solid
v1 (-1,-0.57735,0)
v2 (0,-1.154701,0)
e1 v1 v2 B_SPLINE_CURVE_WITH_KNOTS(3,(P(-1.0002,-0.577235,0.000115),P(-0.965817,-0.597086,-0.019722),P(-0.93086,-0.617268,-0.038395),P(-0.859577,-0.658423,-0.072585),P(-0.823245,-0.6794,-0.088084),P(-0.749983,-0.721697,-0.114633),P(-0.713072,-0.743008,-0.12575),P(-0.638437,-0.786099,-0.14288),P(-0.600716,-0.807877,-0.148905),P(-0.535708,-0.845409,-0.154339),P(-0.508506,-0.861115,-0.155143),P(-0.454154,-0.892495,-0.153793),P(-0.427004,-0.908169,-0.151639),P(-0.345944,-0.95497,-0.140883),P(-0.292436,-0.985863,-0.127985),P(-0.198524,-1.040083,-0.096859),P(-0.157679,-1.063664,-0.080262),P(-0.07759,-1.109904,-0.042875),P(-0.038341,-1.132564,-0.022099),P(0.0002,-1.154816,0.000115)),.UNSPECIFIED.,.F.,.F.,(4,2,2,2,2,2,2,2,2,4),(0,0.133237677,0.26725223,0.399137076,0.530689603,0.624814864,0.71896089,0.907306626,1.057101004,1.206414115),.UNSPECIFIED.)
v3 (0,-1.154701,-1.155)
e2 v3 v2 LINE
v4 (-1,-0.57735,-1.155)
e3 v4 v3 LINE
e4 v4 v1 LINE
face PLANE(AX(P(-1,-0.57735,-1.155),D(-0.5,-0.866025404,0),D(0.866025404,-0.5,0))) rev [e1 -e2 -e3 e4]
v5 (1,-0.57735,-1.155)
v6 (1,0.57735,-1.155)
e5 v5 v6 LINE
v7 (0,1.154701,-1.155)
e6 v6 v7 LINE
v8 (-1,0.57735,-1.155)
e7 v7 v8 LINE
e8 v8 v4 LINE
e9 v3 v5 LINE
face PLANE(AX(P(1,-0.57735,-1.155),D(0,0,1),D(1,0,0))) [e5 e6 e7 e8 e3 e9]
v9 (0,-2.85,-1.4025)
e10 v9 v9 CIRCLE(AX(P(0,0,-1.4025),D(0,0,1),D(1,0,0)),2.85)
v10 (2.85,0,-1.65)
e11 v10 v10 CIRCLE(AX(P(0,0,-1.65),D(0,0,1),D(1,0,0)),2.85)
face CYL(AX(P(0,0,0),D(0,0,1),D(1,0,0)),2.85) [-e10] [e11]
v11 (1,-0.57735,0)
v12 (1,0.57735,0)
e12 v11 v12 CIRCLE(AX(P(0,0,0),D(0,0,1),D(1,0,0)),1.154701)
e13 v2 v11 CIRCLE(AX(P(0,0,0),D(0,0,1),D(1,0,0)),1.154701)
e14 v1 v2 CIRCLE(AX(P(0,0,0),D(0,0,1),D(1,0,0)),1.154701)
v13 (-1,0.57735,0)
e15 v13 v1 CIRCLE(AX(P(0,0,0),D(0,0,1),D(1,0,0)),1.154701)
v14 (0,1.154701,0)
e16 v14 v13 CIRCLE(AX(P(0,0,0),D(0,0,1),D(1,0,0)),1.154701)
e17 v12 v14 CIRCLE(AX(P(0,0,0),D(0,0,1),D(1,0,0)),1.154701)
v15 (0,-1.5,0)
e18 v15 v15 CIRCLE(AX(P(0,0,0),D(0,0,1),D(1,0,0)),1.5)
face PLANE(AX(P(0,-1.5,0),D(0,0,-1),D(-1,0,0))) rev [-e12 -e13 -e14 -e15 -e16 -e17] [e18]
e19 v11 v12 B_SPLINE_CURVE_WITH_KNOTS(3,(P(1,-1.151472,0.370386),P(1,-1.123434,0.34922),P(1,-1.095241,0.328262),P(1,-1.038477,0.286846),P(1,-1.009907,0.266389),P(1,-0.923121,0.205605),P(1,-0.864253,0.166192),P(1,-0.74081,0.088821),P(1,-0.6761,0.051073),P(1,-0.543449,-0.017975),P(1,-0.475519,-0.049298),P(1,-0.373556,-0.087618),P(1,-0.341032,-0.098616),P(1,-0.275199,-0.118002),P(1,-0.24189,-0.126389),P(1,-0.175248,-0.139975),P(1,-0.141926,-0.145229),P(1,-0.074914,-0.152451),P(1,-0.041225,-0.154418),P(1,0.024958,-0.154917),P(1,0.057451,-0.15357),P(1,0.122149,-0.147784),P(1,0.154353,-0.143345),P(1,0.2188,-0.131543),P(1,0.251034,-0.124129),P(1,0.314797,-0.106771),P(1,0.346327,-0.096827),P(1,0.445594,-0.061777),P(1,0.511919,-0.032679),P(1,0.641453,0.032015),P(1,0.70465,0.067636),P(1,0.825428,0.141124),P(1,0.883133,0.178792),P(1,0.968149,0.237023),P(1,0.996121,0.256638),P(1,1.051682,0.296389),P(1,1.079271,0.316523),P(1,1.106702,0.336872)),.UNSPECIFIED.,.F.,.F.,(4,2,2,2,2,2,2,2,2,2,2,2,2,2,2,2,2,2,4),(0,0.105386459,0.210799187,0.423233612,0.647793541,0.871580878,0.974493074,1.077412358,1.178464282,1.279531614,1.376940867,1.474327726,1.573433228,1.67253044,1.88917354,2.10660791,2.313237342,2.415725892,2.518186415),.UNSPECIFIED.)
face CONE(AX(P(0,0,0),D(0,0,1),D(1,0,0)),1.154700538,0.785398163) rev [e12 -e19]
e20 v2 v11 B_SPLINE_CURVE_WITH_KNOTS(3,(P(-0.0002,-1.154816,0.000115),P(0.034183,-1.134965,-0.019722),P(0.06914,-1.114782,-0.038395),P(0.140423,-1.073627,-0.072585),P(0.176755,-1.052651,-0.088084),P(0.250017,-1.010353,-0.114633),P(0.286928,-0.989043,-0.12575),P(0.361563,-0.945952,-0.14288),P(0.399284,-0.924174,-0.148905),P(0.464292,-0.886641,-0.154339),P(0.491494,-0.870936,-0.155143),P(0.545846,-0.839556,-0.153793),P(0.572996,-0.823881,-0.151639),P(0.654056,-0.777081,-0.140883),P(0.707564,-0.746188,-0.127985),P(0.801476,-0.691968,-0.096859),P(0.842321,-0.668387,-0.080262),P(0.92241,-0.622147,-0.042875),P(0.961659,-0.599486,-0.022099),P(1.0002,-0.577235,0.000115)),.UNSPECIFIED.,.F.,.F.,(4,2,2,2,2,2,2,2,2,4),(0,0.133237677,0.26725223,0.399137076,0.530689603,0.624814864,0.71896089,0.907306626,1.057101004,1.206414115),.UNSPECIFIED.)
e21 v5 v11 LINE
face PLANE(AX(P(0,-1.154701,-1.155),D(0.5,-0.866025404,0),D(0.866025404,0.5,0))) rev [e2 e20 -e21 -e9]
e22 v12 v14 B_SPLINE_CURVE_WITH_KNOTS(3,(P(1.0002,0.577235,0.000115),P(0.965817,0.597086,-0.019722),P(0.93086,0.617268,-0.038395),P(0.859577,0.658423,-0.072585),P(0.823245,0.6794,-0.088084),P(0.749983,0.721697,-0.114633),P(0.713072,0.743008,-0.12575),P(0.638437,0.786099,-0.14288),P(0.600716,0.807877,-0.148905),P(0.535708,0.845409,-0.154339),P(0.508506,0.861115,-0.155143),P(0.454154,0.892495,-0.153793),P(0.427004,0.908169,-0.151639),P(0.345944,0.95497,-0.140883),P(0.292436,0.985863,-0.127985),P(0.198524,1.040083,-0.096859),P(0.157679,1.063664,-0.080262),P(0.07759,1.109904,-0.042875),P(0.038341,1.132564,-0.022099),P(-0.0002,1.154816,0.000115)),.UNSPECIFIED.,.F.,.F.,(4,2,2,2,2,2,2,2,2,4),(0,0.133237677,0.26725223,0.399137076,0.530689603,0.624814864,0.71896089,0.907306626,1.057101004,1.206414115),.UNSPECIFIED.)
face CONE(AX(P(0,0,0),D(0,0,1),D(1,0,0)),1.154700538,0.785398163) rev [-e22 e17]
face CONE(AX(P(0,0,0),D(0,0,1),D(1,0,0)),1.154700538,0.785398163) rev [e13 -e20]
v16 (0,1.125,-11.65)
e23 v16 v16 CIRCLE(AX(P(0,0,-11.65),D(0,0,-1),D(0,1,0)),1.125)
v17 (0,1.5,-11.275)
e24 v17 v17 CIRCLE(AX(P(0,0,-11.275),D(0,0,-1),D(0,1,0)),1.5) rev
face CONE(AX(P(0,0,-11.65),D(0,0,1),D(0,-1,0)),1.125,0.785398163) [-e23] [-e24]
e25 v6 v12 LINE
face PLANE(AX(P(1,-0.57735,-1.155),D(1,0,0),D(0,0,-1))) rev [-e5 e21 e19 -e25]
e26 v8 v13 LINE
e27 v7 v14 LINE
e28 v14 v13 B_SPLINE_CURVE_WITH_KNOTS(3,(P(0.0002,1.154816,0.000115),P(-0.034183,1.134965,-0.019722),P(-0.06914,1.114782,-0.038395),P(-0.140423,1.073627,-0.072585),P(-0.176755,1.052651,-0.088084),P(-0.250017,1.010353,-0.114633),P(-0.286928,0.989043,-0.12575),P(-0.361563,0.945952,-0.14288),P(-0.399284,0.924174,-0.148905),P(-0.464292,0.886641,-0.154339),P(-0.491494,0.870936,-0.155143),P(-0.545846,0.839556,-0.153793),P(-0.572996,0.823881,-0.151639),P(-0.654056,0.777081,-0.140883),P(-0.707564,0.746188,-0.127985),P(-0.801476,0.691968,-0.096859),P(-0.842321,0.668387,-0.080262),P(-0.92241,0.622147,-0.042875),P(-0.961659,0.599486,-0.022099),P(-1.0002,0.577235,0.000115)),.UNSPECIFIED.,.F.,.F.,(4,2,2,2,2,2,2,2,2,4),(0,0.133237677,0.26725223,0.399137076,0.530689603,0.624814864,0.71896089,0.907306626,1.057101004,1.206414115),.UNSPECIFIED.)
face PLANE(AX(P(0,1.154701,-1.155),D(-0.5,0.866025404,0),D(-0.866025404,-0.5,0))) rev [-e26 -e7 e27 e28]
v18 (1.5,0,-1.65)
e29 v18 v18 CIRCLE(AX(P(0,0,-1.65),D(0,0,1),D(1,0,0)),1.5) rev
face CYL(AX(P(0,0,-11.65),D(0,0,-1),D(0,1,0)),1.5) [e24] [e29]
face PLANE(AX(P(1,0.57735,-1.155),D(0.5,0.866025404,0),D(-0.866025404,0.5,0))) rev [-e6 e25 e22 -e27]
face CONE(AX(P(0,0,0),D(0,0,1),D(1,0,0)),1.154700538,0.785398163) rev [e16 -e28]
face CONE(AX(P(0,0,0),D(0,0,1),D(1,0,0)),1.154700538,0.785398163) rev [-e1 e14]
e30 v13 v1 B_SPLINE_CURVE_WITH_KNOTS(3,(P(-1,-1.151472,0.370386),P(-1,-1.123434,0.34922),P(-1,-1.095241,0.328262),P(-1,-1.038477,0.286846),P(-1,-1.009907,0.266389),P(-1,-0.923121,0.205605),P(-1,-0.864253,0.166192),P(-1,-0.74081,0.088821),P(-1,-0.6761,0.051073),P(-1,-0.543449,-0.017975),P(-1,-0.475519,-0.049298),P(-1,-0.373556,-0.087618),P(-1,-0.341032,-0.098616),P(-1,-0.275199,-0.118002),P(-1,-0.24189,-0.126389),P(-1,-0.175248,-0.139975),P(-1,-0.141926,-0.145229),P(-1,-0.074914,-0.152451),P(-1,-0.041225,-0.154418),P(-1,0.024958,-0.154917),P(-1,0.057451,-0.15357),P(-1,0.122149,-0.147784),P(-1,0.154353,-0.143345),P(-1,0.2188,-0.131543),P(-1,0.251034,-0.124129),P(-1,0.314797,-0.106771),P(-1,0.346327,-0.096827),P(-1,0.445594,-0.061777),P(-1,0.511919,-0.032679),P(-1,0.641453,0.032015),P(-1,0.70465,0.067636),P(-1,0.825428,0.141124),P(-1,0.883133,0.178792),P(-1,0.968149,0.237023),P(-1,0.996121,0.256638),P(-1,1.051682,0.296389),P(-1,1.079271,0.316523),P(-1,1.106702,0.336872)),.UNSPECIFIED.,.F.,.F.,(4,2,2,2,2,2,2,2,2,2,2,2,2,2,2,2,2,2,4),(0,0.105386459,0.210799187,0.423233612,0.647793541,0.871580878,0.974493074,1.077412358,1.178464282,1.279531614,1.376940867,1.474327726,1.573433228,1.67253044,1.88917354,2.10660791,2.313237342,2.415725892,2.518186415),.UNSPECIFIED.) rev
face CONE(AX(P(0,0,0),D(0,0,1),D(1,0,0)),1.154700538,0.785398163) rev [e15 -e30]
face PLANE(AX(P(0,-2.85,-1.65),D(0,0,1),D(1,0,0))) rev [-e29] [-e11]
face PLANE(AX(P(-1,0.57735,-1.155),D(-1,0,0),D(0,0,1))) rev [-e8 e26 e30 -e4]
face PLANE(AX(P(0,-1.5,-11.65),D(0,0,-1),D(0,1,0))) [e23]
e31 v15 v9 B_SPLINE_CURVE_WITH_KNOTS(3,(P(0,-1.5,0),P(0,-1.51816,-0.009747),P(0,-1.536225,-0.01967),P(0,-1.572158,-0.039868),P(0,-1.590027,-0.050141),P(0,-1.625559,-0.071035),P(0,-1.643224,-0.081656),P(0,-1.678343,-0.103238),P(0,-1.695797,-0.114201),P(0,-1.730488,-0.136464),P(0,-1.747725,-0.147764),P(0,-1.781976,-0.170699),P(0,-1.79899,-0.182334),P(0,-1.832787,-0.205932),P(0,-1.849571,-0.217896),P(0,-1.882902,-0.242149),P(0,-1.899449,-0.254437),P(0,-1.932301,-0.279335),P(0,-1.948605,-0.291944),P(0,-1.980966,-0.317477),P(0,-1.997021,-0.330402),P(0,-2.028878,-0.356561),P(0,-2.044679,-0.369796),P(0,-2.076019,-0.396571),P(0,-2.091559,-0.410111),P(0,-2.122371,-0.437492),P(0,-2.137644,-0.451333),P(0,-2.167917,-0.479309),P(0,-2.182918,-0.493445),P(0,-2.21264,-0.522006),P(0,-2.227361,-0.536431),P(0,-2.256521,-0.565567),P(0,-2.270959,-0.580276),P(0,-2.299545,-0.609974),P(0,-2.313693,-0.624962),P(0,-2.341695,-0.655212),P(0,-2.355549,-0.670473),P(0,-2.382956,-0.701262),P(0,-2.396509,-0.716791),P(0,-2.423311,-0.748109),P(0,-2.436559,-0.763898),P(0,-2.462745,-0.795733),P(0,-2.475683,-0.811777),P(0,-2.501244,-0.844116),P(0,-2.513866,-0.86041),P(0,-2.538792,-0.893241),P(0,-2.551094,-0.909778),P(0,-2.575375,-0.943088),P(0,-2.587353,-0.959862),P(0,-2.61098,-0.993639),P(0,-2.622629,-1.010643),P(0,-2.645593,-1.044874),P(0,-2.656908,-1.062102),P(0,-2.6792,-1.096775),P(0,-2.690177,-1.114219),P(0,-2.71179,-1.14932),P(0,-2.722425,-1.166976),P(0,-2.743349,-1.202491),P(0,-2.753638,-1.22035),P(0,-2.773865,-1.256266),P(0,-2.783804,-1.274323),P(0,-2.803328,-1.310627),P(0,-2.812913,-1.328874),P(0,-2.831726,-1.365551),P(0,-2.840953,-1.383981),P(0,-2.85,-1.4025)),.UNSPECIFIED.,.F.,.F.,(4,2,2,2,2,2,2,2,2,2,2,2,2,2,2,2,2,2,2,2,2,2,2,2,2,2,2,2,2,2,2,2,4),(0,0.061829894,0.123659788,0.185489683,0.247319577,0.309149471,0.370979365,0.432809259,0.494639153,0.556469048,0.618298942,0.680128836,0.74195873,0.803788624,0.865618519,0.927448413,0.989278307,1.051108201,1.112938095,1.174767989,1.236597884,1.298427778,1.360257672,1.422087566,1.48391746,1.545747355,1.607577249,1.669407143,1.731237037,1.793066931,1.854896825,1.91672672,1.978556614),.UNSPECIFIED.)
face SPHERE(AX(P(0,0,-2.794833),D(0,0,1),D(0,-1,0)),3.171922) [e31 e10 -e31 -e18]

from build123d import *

# Parameters (mm, degrees)
SKETCH1_W          = 10
SKETCH1_H          = 1.5
CHAMFER1_SIZE      = 0.375
CUT_EXTRUDE2_DEPTH = 1.155


with BuildPart() as part:
    # Sketch1 → Revolve1 (revolve)
    with BuildSketch(Plane(origin=(0, 0, 0), x_dir=(0, 0, -1), z_dir=(1, 0, 0))):
        with Locations((6.65, 0.75)):
            Rectangle(SKETCH1_W, SKETCH1_H)
    revolve(axis=Axis((0, 0, -11.65), (0, 0, 1)))

    # Chamfer1
    chamfer1_edges = [part.edges().sort_by_distance(p)[0] for p in [
        (0, -1.5, -11.65),
    ]]
    chamfer(chamfer1_edges, length=CHAMFER1_SIZE)

    # Sketch7 → Revolve2 (revolve)
    with BuildSketch(Plane(origin=(0, 0, 0), x_dir=(0, 0, -1), z_dir=(1, 0, 0)), mode=Mode.PRIVATE) as revolve2_sk:
        with BuildLine():
            Line((1.4025, 2.85), (1.65, 2.85))
            Line((1.65, 2.85), (1.65, 0))
            Line((1.65, 0), (0, 0))
            Line((0, 0), (0, 1.5))
            ThreePointArc((0, 1.5), (0.59512511, 2.285251969), (1.4025, 2.85))
        make_face()
    revolve(revolve2_sk.sketch.rotate(Axis((0, 0, 0), (0, 0, -1)), 180), axis=Axis((0, 0, 0), (0, 0, -1)))

    # Sketch5 → Cut-Extrude2 (cut)
    with BuildSketch(Plane.XY):
        Polygon((1, -0.577350269), (1, 0.577350269), (0, 1.154700538), (-1, 0.577350269), (-1, -0.577350269), (0, -1.154700538), align=None)
    extrude(amount=-CUT_EXTRUDE2_DEPTH, mode=Mode.SUBTRACT)

    # Cut-Extrude3 cone 1 section (through the dimple's axis) → Cut-Extrude3 (revolve, cut)
    with BuildSketch(Plane(origin=(0, 0, 0), x_dir=(0, -1, 0), z_dir=(1, 0, 0))):
        Polygon((0, 0), (1.154700538, 0), (0, 1.154700538), align=None)
    revolve(axis=Axis((0, 0, 0), (0, 0, -1)), mode=Mode.SUBTRACT)


solid = part.part
